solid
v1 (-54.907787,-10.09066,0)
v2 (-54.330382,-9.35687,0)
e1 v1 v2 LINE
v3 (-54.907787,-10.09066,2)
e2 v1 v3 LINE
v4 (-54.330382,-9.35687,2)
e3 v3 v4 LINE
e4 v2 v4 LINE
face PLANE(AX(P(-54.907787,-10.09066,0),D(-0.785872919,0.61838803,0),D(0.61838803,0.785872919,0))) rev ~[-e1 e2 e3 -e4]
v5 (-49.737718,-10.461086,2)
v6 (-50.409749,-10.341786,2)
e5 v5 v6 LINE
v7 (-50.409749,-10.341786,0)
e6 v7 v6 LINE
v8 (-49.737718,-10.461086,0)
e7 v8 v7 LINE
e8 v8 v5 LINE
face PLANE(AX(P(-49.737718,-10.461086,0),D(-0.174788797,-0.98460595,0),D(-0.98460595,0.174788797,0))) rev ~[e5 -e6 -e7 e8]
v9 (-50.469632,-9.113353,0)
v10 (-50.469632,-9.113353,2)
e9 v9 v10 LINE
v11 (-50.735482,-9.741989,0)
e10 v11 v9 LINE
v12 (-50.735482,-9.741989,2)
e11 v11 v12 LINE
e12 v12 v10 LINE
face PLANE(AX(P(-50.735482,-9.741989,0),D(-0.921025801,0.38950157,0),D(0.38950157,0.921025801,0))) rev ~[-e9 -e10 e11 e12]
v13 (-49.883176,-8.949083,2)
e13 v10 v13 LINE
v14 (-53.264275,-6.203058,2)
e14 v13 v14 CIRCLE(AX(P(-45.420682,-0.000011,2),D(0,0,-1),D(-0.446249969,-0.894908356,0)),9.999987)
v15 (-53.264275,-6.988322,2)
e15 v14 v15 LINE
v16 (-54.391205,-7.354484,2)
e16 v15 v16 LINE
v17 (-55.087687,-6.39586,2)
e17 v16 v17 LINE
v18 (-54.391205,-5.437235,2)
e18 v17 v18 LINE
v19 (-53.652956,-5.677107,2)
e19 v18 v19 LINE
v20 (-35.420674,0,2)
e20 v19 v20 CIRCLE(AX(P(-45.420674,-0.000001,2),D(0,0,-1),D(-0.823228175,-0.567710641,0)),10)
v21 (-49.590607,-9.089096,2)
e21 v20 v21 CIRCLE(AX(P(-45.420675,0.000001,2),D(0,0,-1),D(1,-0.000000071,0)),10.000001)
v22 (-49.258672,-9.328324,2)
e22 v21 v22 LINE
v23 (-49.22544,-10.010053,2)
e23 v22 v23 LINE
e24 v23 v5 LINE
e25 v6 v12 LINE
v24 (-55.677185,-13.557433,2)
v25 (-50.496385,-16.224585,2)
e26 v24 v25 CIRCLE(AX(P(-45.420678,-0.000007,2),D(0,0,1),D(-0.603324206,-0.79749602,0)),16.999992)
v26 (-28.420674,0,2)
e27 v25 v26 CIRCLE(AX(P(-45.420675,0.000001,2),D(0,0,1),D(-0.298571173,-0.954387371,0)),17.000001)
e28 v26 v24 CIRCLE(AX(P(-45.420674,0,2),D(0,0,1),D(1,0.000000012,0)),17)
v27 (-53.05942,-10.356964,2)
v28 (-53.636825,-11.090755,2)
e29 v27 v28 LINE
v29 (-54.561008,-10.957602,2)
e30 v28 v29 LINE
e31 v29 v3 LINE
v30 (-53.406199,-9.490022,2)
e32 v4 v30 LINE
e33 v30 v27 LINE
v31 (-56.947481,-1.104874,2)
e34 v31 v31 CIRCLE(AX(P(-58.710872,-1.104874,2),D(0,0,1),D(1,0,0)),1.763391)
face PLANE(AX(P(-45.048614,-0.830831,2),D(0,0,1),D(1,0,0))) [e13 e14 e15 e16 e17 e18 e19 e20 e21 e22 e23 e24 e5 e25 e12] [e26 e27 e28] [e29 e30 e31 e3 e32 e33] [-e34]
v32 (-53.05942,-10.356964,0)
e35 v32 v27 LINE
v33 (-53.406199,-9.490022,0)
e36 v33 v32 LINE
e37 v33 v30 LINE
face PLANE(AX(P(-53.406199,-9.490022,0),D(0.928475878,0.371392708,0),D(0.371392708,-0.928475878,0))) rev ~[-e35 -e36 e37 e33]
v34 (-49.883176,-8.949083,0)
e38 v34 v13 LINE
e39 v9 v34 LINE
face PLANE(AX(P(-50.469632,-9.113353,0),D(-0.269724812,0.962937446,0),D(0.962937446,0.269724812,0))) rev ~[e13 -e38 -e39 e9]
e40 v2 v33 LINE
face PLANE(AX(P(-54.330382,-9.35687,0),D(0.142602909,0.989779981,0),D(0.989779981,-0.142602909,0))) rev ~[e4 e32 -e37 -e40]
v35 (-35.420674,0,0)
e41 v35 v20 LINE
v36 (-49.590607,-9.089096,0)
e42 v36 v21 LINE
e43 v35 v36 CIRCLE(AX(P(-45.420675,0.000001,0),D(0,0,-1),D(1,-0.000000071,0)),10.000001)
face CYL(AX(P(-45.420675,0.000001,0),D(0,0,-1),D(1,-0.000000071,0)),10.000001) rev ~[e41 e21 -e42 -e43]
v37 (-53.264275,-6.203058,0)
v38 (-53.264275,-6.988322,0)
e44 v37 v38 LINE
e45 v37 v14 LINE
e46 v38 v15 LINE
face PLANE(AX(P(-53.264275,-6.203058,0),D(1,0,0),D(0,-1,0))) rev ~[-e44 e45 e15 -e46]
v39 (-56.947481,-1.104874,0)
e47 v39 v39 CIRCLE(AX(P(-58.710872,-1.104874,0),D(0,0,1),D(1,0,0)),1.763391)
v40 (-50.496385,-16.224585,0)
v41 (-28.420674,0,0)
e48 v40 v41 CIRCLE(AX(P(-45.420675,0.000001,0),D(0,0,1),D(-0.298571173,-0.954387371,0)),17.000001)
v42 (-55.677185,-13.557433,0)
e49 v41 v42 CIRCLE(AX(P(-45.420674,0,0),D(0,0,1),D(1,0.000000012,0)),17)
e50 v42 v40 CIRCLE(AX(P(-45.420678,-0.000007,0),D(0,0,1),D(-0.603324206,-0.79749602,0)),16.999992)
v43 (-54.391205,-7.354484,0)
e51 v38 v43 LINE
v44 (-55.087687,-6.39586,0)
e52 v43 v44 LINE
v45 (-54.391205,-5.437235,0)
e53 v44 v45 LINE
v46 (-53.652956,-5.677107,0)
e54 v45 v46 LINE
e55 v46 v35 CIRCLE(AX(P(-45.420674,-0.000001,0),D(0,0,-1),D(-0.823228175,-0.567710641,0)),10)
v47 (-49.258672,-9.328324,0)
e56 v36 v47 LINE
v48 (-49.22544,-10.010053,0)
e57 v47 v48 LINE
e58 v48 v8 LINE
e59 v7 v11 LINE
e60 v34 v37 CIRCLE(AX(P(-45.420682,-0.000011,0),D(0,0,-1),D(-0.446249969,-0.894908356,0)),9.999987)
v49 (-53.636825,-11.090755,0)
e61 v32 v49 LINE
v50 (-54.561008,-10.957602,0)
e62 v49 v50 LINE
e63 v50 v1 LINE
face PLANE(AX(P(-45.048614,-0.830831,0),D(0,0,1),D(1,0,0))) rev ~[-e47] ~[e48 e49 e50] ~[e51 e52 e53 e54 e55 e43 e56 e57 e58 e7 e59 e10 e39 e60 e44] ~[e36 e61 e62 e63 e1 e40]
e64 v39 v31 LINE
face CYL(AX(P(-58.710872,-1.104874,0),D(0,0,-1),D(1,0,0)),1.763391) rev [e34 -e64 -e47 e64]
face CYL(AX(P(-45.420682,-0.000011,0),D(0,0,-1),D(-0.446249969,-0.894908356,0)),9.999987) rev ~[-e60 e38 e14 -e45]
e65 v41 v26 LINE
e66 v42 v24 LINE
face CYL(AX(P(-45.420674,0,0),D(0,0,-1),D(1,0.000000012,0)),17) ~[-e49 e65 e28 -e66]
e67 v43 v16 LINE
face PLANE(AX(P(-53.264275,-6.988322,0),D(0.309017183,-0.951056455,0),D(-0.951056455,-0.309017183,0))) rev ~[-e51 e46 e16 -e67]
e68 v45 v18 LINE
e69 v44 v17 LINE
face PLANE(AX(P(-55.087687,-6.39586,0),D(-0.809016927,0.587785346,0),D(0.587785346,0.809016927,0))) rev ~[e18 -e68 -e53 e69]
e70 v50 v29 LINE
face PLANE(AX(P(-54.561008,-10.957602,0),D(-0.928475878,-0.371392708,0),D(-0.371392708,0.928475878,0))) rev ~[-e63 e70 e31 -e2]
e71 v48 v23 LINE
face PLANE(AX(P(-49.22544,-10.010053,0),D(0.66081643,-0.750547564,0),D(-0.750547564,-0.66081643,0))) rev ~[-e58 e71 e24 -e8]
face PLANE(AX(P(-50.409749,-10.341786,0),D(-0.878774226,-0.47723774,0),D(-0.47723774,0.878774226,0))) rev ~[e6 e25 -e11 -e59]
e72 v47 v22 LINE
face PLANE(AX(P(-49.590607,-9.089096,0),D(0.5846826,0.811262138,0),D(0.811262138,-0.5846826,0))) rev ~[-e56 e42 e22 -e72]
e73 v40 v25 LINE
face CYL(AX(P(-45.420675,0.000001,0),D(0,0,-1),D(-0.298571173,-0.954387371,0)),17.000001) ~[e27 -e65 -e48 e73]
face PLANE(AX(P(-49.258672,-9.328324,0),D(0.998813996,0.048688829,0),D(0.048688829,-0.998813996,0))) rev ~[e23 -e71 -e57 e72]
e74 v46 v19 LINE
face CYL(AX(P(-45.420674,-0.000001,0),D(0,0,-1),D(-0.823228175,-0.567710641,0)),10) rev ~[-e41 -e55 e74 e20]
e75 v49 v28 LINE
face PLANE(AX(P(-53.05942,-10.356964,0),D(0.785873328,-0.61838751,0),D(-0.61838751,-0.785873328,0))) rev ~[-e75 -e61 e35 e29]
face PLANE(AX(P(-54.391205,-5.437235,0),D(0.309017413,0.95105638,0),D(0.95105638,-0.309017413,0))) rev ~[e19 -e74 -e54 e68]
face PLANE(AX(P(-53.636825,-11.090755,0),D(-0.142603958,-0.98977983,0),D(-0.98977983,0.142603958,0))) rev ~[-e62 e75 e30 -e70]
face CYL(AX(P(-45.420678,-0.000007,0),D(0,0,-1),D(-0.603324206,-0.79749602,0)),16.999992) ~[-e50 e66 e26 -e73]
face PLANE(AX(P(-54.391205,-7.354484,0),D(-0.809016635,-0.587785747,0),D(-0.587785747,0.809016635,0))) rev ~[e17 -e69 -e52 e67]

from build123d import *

# Parameters (mm, degrees)
F0_R     = 1.763391
F1_DEPTH = 2


with BuildPart() as f1:
    # F0 (on Top) → F1 (new body)
    with BuildSketch(Plane.XY):
        with BuildLine():
            ThreePointArc((-50.496385, -16.224585), (-35.35308, -13.698304), (-28.420674, 0))
            ThreePointArc((-28.420674, 0), (-52.991649, 15.221049), (-55.677185, -13.557433))
            ThreePointArc((-55.677185, -13.557433), (-53.201914, -15.114639), (-50.496385, -16.224585))
        make_face()
        Polygon((-53.406199, -9.490022), (-53.05942, -10.356964), (-53.636825, -11.090755), (-54.561008, -10.957602), (-54.907787, -10.09066), (-54.330382, -9.35687), align=None, mode=Mode.SUBTRACT)
        with Locations((-58.710872, -1.104874)):
            Circle(F0_R, mode=Mode.SUBTRACT)
        with BuildLine():
            ThreePointArc((-53.652956, -5.677107), (-48.393651, 9.547848), (-35.420674, 0))
            ThreePointArc((-35.420674, 0), (-40.021569, -8.417224), (-49.590607, -9.089096))
            Line((-49.590607, -9.089096), (-49.258672, -9.328324))
            Line((-49.258672, -9.328324), (-49.22544, -10.010053))
            Line((-49.22544, -10.010053), (-49.737718, -10.461086))
            Line((-49.737718, -10.461086), (-50.409749, -10.341786))
            Line((-50.409749, -10.341786), (-50.735482, -9.741989))
            Line((-50.735482, -9.741989), (-50.469632, -9.113353))
            Line((-50.469632, -9.113353), (-49.883176, -8.949083))
            ThreePointArc((-49.883176, -8.949083), (-51.725054, -7.762397), (-53.264275, -6.203058))
            Line((-53.264275, -6.203058), (-53.264275, -6.988322))
            Line((-53.264275, -6.988322), (-54.391205, -7.354484))
            Line((-54.391205, -7.354484), (-55.087687, -6.39586))
            Line((-55.087687, -6.39586), (-54.391205, -5.437235))
            Line((-54.391205, -5.437235), (-53.652956, -5.677107))
        make_face(mode=Mode.SUBTRACT)
    extrude(amount=F1_DEPTH)


solid = f1.part
